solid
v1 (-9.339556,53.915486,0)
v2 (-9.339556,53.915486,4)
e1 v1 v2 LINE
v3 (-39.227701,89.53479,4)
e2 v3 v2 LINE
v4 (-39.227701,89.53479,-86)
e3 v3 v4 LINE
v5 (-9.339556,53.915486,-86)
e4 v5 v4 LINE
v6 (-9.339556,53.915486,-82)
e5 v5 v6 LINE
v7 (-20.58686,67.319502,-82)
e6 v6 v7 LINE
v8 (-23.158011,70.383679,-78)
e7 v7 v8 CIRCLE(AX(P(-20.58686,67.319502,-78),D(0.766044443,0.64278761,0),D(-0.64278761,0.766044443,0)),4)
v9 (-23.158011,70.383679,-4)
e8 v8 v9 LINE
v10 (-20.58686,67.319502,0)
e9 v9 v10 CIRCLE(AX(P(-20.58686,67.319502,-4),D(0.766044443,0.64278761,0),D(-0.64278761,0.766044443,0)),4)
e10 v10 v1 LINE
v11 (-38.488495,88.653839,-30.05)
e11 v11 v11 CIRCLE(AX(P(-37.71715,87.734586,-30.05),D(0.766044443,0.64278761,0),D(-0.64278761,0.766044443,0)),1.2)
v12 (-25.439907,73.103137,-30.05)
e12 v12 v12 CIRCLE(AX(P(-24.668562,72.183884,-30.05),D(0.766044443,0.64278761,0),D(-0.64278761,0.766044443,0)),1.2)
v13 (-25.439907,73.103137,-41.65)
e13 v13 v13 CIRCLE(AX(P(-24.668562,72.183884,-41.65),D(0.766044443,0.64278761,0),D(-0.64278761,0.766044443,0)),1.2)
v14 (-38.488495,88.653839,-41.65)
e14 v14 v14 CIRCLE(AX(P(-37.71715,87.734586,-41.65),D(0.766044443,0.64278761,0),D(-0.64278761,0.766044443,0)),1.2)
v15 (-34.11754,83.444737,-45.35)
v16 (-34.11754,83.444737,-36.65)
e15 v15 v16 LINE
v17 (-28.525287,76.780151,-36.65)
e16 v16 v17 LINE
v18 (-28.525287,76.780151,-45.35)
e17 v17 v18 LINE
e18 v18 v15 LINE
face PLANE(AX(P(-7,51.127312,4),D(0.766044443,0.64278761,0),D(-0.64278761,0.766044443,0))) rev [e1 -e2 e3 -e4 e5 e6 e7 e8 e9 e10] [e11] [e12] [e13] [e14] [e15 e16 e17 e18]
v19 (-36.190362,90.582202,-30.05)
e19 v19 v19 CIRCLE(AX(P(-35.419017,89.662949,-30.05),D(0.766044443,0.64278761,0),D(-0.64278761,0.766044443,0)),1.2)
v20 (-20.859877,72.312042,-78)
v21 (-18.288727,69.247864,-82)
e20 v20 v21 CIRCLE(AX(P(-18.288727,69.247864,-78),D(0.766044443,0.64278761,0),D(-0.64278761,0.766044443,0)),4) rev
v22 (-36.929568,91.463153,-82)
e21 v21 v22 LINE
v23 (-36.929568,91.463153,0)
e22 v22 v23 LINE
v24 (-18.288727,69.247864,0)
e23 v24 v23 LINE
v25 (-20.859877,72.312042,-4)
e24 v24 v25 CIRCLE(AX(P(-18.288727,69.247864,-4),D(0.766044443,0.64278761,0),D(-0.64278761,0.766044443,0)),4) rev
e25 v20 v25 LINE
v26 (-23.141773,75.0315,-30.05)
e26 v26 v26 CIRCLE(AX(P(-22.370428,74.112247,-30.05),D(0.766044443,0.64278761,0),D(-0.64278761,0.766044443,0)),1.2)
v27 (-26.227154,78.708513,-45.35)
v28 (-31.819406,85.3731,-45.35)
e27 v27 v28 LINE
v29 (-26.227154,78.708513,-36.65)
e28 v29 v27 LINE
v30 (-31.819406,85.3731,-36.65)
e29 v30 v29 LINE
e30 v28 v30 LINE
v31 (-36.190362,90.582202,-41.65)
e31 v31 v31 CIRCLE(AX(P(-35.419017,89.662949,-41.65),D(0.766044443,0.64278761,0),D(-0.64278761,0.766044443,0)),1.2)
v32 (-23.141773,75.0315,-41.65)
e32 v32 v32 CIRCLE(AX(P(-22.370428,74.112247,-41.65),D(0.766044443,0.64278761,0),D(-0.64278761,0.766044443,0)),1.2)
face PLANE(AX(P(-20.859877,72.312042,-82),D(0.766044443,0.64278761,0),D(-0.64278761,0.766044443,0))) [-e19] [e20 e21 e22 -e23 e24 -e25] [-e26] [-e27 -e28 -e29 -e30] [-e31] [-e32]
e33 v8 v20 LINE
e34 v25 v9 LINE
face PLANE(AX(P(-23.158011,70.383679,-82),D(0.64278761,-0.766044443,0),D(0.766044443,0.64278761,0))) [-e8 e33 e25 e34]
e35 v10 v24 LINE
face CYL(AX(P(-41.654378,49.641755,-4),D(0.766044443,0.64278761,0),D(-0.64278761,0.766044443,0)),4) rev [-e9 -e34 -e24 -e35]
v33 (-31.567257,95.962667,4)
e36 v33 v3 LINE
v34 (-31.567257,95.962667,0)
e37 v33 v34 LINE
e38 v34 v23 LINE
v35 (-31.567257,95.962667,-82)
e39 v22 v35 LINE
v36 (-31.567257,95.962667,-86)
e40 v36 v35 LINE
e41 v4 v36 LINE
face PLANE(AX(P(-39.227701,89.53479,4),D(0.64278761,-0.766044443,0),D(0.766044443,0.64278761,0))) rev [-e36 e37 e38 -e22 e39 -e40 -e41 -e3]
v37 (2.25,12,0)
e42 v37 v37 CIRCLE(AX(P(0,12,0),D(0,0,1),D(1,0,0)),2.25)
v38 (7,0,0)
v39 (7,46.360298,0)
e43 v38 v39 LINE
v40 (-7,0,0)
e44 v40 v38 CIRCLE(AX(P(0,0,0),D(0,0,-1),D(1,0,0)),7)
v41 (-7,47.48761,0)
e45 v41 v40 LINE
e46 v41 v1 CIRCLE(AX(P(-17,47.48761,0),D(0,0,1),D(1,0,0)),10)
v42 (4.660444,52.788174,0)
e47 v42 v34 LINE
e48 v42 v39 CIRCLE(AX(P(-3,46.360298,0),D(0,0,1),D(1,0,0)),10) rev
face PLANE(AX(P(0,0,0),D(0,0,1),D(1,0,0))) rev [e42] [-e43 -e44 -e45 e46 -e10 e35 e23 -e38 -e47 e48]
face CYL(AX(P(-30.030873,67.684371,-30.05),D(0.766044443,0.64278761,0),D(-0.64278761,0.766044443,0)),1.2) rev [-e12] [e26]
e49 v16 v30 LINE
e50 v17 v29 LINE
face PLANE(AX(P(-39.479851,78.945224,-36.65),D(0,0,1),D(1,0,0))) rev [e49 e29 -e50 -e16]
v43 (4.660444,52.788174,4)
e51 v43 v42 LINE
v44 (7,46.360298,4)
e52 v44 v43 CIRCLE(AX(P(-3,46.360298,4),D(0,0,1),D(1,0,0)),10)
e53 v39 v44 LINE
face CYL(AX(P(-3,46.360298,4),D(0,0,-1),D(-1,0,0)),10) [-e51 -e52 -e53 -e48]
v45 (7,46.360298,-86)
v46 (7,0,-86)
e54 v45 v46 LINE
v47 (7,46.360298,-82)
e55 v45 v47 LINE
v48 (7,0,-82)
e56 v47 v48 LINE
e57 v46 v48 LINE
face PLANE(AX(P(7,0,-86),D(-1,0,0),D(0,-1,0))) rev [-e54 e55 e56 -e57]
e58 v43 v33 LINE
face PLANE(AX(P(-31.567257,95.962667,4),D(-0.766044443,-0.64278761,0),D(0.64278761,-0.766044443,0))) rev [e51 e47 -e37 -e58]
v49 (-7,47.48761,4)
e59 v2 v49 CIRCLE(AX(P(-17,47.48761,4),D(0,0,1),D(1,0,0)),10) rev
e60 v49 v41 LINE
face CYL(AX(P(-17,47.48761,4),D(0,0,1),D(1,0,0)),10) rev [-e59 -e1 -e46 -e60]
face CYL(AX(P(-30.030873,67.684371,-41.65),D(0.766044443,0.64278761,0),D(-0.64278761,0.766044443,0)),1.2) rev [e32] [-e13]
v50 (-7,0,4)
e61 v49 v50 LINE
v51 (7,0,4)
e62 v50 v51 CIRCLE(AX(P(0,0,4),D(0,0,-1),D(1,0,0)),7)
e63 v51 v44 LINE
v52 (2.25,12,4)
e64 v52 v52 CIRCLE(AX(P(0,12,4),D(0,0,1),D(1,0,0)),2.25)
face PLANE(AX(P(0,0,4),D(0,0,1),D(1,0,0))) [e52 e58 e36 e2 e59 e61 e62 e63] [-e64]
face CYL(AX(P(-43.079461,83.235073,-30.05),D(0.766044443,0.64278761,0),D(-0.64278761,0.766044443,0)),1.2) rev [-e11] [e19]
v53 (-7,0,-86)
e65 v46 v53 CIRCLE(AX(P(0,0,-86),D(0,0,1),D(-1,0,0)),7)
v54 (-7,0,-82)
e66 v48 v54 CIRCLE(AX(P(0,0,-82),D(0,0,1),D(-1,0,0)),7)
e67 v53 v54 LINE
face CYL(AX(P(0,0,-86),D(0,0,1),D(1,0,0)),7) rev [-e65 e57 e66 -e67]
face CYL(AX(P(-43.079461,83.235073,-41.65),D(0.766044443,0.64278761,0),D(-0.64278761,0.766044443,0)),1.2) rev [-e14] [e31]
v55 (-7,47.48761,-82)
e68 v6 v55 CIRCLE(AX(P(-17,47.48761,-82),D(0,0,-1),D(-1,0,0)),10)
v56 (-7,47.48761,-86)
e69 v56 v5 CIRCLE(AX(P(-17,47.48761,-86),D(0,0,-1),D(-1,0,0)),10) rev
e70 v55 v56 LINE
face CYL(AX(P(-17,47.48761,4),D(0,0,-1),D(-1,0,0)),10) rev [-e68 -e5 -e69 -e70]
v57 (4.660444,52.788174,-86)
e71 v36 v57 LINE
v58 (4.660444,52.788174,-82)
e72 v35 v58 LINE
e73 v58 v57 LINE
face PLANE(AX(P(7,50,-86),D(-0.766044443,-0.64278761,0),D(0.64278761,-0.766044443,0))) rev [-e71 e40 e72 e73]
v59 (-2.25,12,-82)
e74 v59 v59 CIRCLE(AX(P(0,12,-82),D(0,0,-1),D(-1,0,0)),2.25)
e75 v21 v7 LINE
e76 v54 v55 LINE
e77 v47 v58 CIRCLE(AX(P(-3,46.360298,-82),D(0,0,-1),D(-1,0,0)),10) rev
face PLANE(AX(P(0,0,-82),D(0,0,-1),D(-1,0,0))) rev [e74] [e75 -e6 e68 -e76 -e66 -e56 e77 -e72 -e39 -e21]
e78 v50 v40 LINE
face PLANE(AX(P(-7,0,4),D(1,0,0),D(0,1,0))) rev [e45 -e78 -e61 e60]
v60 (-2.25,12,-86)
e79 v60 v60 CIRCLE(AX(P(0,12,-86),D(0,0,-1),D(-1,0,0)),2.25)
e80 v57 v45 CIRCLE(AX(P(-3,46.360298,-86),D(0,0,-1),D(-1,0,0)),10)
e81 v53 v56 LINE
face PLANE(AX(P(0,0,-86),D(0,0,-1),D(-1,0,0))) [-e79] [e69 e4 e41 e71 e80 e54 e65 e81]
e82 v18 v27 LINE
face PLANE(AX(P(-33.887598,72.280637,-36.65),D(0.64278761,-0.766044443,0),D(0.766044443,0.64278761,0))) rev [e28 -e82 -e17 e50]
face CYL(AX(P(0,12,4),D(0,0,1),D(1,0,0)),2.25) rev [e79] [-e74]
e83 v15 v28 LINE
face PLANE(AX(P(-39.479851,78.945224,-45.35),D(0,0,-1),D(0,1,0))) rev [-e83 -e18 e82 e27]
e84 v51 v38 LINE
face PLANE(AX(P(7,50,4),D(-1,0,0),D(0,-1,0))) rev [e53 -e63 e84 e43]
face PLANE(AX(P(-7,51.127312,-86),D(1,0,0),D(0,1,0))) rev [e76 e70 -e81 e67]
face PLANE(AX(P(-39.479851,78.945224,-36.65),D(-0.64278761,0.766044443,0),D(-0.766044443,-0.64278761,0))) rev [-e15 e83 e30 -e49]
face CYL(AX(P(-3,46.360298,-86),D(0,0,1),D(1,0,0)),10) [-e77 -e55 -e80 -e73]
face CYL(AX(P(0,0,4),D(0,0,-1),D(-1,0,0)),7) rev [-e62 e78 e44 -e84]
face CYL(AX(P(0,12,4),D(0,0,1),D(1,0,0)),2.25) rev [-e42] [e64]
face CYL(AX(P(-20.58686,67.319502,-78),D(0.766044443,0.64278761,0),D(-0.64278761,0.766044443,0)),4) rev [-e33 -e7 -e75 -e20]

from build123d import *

# Parameters (mm, degrees)
ESTRUSIONE_ESTRUSIONE1_DEPTH = 4
ESTRUSIONE_ESTRUSIONE2_DEPTH = 82
ESTRUSIONE_ESTRUSIONE3_START = 4
ESTRUSIONE_ESTRUSIONE3_DEPTH = 4
FORO_PER_VITE_M4_1_D         = 4.5
FORO_PER_VITE_M4_1_DEPTH     = 188
FORO_PER_VITE_M4_1_TIP       = 1.351936393
SCHIZZO6_R                   = 1.2
SCHIZZO6_W                   = 8.7
SCHIZZO6_H                   = 8.7
TAGLIO_ESTRUSIONE1_DEPTH     = 10
RACCORDO1_R                  = 10
RACCORDO2_R                  = 4


with BuildPart() as part:
    # Schizzo1 → Estrusione-Estrusione1 (new body)
    with BuildSketch(Plane.XY):
        with BuildLine():
            Line((-7, 0), (-7, 51.127312028))
            Line((-7, 51.127312028), (-39.227701012, 89.53479049))
            Line((-39.227701012, 89.53479049), (-31.567256581, 95.962666587))
            Line((-31.567256581, 95.962666587), (7, 50))
            Line((7, 50), (7, 0))
            ThreePointArc((7, 0), (0, 7), (-7, 0))
        make_face()
    extrude(amount=ESTRUSIONE_ESTRUSIONE1_DEPTH)

    # Schizzo4 → Estrusione-Estrusione2 (add)
    with BuildSketch(Plane.XY):
        Polygon((-39.227701012, 89.53479049), (-23.15801077, 70.383679412), (-20.859877441, 72.312042241), (-36.929567683, 91.463153319), align=None)
    extrude(amount=-ESTRUSIONE_ESTRUSIONE2_DEPTH)

    # Schizzo5 → Estrusione-Estrusione3 (add)
    with BuildSketch(Plane(origin=(0, 0, -82), x_dir=(-1, 0, 0), z_dir=(0, 0, -1)).offset(ESTRUSIONE_ESTRUSIONE3_START)):
        with BuildLine():
            Line((-7, 0), (-7, 50))
            Line((-7, 50), (31.567256581, 95.962666587))
            Line((31.567256581, 95.962666587), (39.227701012, 89.53479049))
            Line((39.227701012, 89.53479049), (7, 51.127312028))
            Line((7, 51.127312028), (7, 0))
            ThreePointArc((7, 0), (0, 7), (-7, 0))
        make_face()
    extrude(amount=-ESTRUSIONE_ESTRUSIONE3_DEPTH)

    # Foro per Vite M4-1
    with Locations(Plane.XY.offset(4)):
        with Locations((0, 12)):
            Hole(FORO_PER_VITE_M4_1_D / 2, depth=FORO_PER_VITE_M4_1_DEPTH)
            with Locations((0, 0, -(FORO_PER_VITE_M4_1_DEPTH + FORO_PER_VITE_M4_1_TIP / 2))):  # 118° drill point
                Cone(0, FORO_PER_VITE_M4_1_D / 2, FORO_PER_VITE_M4_1_TIP, mode=Mode.SUBTRACT)

    # Schizzo6 → Taglio-Estrusione1 (cut)
    with BuildSketch(Plane(origin=(23.365651345, 19.606109426, 0), x_dir=(0, 0, -1), z_dir=(0.7660444431189758, 0.642787609686542, 0))):
        with Locations(Location((30.05, 91.452708888, 0), (0, 0, 90))):
            Circle(SCHIZZO6_R)
        with Locations(Location((41.65, 91.452708888, 0), (0, 0, 90))):
            Circle(SCHIZZO6_R)
        with Locations(Location((30.05, 71.152708888, 0), (0, 0, 90))):
            Circle(SCHIZZO6_R)
        with Locations(Location((41.65, 71.152708888, 0), (0, 0, 90))):
            Circle(SCHIZZO6_R)
        with Locations((41, 81.502708888)):
            Rectangle(SCHIZZO6_W, SCHIZZO6_H)
    extrude(amount=-TAGLIO_ESTRUSIONE1_DEPTH, mode=Mode.SUBTRACT)

    # Raccordo1
    raccordo1_edges = [part.edges().sort_by_distance(p)[0] for p in [
        (-7, 51.127312028, 2),
        (7, 50, 2),
        (-7, 51.127312028, -84),
        (7, 50, -84),
    ]]
    fillet(raccordo1_edges, radius=RACCORDO1_R)

    # Raccordo2
    raccordo2_edges = [part.edges().sort_by_distance(p)[0] for p in [
        (-22.008944106, 71.347860827, -82),
        (-22.008944106, 71.347860827, 0),
    ]]
    fillet(raccordo2_edges, radius=RACCORDO2_R)


solid = part.part
